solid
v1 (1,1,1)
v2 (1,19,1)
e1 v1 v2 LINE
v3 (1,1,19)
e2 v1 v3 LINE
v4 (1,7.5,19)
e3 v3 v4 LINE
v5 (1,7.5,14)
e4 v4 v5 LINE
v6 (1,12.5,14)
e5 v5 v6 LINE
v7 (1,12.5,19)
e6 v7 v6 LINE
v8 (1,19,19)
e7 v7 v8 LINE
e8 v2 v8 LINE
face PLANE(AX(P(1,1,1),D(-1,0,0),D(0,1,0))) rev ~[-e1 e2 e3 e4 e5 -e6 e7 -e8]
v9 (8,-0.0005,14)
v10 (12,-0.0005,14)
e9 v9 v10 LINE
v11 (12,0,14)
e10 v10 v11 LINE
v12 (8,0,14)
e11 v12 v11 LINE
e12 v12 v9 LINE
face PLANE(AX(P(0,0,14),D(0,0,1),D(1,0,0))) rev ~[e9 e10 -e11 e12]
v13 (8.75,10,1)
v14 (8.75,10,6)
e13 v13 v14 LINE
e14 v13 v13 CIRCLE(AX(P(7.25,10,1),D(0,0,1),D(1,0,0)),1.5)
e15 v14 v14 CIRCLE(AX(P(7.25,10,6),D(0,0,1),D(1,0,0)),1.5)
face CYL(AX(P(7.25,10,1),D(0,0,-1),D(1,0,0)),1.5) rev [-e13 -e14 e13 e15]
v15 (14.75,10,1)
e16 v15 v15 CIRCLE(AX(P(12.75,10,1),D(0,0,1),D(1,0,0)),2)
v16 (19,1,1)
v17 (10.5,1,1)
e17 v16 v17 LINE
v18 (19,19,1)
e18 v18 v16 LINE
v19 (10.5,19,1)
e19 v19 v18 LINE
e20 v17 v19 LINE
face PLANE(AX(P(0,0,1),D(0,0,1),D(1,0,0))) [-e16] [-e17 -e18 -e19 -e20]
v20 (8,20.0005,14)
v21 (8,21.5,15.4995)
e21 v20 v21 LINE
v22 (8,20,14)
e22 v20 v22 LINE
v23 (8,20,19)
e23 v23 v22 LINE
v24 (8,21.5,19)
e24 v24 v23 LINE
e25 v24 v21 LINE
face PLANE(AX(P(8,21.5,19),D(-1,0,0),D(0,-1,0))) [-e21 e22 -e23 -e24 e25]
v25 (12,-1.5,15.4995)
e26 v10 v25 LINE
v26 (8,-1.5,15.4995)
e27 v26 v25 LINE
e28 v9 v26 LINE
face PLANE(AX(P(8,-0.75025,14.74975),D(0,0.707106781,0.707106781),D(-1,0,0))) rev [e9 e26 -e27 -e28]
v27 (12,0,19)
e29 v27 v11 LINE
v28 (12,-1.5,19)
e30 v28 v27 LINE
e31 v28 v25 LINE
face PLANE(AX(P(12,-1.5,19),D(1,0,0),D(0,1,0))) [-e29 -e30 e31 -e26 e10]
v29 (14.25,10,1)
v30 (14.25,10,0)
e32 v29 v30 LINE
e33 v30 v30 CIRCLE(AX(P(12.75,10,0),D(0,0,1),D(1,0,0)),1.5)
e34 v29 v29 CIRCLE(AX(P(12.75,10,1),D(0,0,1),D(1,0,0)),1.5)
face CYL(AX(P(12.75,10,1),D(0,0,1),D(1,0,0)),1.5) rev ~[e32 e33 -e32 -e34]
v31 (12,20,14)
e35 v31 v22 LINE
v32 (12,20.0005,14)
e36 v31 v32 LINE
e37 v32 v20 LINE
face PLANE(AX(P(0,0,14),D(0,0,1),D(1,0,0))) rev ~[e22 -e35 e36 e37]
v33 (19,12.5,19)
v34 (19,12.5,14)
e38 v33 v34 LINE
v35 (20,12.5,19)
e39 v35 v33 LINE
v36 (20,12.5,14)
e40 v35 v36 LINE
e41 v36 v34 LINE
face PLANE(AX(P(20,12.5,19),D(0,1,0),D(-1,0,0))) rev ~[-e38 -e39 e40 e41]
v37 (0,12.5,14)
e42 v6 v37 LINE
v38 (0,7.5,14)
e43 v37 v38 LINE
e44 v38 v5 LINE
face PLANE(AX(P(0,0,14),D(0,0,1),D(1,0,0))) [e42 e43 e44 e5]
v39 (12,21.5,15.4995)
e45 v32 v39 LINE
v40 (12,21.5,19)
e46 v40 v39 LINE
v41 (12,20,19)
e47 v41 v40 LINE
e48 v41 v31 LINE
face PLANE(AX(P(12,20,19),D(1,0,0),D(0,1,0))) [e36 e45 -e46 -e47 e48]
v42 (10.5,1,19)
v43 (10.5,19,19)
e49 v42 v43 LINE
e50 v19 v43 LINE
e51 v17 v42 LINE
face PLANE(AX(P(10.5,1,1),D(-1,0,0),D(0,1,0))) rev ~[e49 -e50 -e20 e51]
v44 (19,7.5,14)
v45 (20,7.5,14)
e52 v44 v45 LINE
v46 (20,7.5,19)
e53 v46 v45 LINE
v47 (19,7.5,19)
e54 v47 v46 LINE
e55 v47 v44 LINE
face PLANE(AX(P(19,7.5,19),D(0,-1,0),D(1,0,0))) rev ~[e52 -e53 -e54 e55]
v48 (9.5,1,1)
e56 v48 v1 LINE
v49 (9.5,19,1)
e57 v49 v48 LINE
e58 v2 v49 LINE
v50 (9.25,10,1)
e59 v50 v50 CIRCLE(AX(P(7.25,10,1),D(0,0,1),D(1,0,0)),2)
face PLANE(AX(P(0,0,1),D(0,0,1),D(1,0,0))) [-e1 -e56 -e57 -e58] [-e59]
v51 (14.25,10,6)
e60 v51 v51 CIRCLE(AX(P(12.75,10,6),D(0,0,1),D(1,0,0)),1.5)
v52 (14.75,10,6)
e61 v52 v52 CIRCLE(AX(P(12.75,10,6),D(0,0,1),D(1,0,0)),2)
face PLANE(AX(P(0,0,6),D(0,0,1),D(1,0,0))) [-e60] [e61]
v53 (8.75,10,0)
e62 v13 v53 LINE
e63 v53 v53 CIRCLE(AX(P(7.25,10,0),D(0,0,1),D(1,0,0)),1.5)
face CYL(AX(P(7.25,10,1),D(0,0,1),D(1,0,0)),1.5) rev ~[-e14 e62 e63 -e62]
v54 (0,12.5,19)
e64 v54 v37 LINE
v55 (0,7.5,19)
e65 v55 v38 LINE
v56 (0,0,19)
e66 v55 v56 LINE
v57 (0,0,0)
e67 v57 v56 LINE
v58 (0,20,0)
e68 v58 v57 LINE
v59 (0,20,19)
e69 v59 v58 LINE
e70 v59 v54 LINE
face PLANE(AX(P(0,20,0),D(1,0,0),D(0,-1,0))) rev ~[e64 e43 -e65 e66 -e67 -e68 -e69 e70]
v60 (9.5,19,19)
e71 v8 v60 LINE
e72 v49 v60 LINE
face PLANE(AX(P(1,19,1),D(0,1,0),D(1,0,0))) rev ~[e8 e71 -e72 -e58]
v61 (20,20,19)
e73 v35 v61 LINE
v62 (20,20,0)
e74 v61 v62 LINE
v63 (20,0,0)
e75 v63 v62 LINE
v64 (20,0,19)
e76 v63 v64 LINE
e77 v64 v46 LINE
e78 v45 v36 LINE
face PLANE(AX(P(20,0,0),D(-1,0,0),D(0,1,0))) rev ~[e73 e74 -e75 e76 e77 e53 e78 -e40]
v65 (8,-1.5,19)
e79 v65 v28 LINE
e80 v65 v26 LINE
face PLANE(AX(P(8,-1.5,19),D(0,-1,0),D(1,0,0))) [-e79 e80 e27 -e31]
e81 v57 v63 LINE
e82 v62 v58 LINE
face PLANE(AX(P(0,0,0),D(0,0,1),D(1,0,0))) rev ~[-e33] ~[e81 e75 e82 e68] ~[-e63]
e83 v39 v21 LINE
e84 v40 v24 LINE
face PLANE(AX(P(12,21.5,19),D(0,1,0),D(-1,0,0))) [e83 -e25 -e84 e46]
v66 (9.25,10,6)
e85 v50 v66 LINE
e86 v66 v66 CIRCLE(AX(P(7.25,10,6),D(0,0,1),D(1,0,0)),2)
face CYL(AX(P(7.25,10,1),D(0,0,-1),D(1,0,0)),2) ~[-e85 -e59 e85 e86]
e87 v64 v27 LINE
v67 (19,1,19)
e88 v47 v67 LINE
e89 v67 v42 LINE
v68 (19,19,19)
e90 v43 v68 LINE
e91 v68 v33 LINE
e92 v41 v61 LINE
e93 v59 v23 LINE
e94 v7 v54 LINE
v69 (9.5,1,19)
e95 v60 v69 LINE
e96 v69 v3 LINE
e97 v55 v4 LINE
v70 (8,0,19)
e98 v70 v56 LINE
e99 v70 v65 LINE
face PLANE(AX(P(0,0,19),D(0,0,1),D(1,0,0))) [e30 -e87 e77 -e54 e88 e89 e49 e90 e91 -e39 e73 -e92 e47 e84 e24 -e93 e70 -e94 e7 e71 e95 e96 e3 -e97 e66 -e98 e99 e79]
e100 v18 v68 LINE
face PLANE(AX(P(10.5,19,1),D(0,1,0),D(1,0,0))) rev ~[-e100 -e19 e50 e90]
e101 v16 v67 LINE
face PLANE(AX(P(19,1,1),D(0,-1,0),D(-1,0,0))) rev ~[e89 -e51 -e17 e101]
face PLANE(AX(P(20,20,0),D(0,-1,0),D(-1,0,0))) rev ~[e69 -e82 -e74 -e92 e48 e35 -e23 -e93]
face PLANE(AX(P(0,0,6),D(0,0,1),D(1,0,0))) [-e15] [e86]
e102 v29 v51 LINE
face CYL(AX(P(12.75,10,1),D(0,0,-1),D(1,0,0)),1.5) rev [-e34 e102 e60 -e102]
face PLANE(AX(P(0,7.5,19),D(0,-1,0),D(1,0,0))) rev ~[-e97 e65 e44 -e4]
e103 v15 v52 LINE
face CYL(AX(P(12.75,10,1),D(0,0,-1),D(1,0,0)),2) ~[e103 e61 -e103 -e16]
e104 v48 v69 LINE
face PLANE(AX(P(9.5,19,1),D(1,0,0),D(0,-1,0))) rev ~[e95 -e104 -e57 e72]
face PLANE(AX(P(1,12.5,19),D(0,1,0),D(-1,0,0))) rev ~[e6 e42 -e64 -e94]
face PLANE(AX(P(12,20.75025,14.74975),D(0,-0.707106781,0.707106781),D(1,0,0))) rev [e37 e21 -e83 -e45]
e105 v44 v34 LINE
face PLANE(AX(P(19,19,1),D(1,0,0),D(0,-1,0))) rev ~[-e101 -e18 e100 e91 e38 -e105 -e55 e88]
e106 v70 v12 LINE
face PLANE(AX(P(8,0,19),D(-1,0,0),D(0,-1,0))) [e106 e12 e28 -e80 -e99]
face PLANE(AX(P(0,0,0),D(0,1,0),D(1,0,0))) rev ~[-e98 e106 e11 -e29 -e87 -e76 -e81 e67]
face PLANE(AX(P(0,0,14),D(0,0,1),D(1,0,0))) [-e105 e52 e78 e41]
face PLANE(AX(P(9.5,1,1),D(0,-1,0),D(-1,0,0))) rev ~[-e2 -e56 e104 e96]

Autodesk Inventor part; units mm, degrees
ref_plane "YZ Plane" through (0, 0, 0) normal (1, 0, 0) x (0, 1, 0)
ref_plane "XZ Plane" through (0, 0, 0) normal (0, 1, 0) x (-1, 0, 0)
ref_plane "XY Plane" through (0, 0, 0) normal (0, 0, 1) x (1, 0, 0)
sketch "Esboço1" plane through (0, 0, 0) normal (0, 0, 1) x (1, 0, 0)
  line L0 (0, 0) -> (20, 0)
  line L1 (20, 0) -> (20, 20)
  line L2 (20, 20) -> (0, 20)
  line L3 (0, 20) -> (0, 0)
  dimension "d0" = 20
  dimension "d1" = 20
extrude "Extrusão1" add sketch "Esboço1" along normal blind 1
sketch "Esboço2" plane through (0, 0, 1) normal (0, 0, 1) x (1, 0, 0)
  circle A0 centre (7.25, 10) radius 1.5
  circle A1 centre (12.75, 10) radius 1.5
  line L0 (0, 0) -> (20, 0) projected
  line L1 (20, 0) -> (20, 20) projected
  dimension "d4" = 3
  dimension "d5" = 3
  dimension "d6" = 5.5
  dimension "d7" = 10
  dimension "d8" = 10
  dimension "d9" = 7.25
extrude "Extrusão2" cut sketch "Esboço2" against normal blind 1
sketch "Esboço3" plane through (0, 0, 1) normal (0, 0, 1) x (1, 0, 0)
  circle A0 centre (7.25, 10) radius 1.5 projected
  circle A1 centre (7.25, 10) radius 2
  circle A2 centre (12.75, 10) radius 1.5 projected
  circle A3 centre (12.75, 10) radius 2
  point P0 (0, 0)
  dimension "d12" = 4
  dimension "d13" = 4
extrude "Extrusão3" add sketch "Esboço3" along normal blind 5
sketch "Esboço4" plane through (0, 0, 1) normal (0, 0, 1) x (1, 0, 0)
  line L0 (20, 20) -> (0, 20) projected
  line L1 (10.5, 20) -> (9.5, 20)
  line L2 (9.5, 20) -> (9.5, 0)
  line L3 (9.5, 0) -> (10.5, 0)
  line L4 (10.5, 0) -> (10.5, 20)
  line L5 (0, 20) -> (0, 0) projected
  line L6 (20, 0) -> (20, 20) projected
  line L7 (0, 0) -> (20, 0) projected
  line L8 (1, 19) -> (19, 19)
  line L9 (19, 19) -> (19, 1)
  line L10 (19, 1) -> (1, 1)
  line L11 (1, 1) -> (1, 19)
  point P0 (9.5, 0)
  point P1 (10.5, 19)
  point P2 (10.5, 1)
  point P3 (9.5, 19)
  point P4 (9.5, 1)
  dimension "d16" = 9.5
  dimension "d17" = 9.5
  dimension "d18" = 0
  dimension "d19" = 1
extrude "Extrusão4" add sketch "Esboço4" along normal blind 18 contours L6 L7 L4 L10 L9 L8 L0 | L4 L8 L2 L0 | L2 L8 L11 L10 L7 L5 L0 | L4 L10 L2 L8 | L3 L2 L10 L4
sketch "Esboço5" plane through (0, 0, 19) normal (0, 0, 1) x (1, 0, 0)
  line L0 (0, 20) -> (0, 0) projected
  line L1 (1, 1) -> (1, 19) projected
  line L2 (0, 7.5) -> (1, 7.5)
  line L3 (1, 7.5) -> (1, 12.5)
  line L4 (1, 12.5) -> (0, 12.5)
  line L5 (0, 12.5) -> (0, 7.5)
  line L6 (19, 1) -> (19, 19) projected
  line L7 (20, 0) -> (20, 20) projected
  line L8 (19, 7.5) -> (20, 7.5)
  line L9 (20, 7.5) -> (20, 12.5)
  line L10 (20, 12.5) -> (19, 12.5)
  line L11 (19, 12.5) -> (19, 7.5)
  line L12 (20, 20) -> (0, 20) projected
  point P0 (0, 12.5)
  dimension "d22" = 5
  dimension "d23" = 7.5
  dimension "d24" = 5
  dimension "d25" = 7.5
extrude "Extrusão5" cut sketch "Esboço5" against normal blind 5
sketch "Esboço6" plane through (0, 0, 19) normal (0, 0, 1) x (1, 0, 0)
  line L0 (20, 20) -> (0, 20) projected
  line L1 (8, 20) -> (12, 20)
  line L2 (12, 20) -> (12, 21.5)
  line L3 (12, 21.5) -> (8, 21.5)
  line L4 (8, 21.5) -> (8, 20)
  line L5 (0, 0) -> (20, 0) projected
  line L6 (12, 0) -> (8, 0)
  line L7 (8, 0) -> (8, -1.5)
  line L8 (8, -1.5) -> (12, -1.5)
  line L9 (12, -1.5) -> (12, 0)
  dimension "d28" = 8
  dimension "d29" = 8
  dimension "d30" = 1.5
  dimension "d36" = 1.5
  dimension "d37" = 8
  dimension "d38" = 8
extrude "Extrusão6" add sketch "Esboço6" against normal blind 5
chamfer "Chanfro1" distance 1.5 angle 45 2 edges at (10, 21.5, 14) (10, -1.5, 14)
properties part number "caixaled_pt1" material "Plástico PC/ABS"
